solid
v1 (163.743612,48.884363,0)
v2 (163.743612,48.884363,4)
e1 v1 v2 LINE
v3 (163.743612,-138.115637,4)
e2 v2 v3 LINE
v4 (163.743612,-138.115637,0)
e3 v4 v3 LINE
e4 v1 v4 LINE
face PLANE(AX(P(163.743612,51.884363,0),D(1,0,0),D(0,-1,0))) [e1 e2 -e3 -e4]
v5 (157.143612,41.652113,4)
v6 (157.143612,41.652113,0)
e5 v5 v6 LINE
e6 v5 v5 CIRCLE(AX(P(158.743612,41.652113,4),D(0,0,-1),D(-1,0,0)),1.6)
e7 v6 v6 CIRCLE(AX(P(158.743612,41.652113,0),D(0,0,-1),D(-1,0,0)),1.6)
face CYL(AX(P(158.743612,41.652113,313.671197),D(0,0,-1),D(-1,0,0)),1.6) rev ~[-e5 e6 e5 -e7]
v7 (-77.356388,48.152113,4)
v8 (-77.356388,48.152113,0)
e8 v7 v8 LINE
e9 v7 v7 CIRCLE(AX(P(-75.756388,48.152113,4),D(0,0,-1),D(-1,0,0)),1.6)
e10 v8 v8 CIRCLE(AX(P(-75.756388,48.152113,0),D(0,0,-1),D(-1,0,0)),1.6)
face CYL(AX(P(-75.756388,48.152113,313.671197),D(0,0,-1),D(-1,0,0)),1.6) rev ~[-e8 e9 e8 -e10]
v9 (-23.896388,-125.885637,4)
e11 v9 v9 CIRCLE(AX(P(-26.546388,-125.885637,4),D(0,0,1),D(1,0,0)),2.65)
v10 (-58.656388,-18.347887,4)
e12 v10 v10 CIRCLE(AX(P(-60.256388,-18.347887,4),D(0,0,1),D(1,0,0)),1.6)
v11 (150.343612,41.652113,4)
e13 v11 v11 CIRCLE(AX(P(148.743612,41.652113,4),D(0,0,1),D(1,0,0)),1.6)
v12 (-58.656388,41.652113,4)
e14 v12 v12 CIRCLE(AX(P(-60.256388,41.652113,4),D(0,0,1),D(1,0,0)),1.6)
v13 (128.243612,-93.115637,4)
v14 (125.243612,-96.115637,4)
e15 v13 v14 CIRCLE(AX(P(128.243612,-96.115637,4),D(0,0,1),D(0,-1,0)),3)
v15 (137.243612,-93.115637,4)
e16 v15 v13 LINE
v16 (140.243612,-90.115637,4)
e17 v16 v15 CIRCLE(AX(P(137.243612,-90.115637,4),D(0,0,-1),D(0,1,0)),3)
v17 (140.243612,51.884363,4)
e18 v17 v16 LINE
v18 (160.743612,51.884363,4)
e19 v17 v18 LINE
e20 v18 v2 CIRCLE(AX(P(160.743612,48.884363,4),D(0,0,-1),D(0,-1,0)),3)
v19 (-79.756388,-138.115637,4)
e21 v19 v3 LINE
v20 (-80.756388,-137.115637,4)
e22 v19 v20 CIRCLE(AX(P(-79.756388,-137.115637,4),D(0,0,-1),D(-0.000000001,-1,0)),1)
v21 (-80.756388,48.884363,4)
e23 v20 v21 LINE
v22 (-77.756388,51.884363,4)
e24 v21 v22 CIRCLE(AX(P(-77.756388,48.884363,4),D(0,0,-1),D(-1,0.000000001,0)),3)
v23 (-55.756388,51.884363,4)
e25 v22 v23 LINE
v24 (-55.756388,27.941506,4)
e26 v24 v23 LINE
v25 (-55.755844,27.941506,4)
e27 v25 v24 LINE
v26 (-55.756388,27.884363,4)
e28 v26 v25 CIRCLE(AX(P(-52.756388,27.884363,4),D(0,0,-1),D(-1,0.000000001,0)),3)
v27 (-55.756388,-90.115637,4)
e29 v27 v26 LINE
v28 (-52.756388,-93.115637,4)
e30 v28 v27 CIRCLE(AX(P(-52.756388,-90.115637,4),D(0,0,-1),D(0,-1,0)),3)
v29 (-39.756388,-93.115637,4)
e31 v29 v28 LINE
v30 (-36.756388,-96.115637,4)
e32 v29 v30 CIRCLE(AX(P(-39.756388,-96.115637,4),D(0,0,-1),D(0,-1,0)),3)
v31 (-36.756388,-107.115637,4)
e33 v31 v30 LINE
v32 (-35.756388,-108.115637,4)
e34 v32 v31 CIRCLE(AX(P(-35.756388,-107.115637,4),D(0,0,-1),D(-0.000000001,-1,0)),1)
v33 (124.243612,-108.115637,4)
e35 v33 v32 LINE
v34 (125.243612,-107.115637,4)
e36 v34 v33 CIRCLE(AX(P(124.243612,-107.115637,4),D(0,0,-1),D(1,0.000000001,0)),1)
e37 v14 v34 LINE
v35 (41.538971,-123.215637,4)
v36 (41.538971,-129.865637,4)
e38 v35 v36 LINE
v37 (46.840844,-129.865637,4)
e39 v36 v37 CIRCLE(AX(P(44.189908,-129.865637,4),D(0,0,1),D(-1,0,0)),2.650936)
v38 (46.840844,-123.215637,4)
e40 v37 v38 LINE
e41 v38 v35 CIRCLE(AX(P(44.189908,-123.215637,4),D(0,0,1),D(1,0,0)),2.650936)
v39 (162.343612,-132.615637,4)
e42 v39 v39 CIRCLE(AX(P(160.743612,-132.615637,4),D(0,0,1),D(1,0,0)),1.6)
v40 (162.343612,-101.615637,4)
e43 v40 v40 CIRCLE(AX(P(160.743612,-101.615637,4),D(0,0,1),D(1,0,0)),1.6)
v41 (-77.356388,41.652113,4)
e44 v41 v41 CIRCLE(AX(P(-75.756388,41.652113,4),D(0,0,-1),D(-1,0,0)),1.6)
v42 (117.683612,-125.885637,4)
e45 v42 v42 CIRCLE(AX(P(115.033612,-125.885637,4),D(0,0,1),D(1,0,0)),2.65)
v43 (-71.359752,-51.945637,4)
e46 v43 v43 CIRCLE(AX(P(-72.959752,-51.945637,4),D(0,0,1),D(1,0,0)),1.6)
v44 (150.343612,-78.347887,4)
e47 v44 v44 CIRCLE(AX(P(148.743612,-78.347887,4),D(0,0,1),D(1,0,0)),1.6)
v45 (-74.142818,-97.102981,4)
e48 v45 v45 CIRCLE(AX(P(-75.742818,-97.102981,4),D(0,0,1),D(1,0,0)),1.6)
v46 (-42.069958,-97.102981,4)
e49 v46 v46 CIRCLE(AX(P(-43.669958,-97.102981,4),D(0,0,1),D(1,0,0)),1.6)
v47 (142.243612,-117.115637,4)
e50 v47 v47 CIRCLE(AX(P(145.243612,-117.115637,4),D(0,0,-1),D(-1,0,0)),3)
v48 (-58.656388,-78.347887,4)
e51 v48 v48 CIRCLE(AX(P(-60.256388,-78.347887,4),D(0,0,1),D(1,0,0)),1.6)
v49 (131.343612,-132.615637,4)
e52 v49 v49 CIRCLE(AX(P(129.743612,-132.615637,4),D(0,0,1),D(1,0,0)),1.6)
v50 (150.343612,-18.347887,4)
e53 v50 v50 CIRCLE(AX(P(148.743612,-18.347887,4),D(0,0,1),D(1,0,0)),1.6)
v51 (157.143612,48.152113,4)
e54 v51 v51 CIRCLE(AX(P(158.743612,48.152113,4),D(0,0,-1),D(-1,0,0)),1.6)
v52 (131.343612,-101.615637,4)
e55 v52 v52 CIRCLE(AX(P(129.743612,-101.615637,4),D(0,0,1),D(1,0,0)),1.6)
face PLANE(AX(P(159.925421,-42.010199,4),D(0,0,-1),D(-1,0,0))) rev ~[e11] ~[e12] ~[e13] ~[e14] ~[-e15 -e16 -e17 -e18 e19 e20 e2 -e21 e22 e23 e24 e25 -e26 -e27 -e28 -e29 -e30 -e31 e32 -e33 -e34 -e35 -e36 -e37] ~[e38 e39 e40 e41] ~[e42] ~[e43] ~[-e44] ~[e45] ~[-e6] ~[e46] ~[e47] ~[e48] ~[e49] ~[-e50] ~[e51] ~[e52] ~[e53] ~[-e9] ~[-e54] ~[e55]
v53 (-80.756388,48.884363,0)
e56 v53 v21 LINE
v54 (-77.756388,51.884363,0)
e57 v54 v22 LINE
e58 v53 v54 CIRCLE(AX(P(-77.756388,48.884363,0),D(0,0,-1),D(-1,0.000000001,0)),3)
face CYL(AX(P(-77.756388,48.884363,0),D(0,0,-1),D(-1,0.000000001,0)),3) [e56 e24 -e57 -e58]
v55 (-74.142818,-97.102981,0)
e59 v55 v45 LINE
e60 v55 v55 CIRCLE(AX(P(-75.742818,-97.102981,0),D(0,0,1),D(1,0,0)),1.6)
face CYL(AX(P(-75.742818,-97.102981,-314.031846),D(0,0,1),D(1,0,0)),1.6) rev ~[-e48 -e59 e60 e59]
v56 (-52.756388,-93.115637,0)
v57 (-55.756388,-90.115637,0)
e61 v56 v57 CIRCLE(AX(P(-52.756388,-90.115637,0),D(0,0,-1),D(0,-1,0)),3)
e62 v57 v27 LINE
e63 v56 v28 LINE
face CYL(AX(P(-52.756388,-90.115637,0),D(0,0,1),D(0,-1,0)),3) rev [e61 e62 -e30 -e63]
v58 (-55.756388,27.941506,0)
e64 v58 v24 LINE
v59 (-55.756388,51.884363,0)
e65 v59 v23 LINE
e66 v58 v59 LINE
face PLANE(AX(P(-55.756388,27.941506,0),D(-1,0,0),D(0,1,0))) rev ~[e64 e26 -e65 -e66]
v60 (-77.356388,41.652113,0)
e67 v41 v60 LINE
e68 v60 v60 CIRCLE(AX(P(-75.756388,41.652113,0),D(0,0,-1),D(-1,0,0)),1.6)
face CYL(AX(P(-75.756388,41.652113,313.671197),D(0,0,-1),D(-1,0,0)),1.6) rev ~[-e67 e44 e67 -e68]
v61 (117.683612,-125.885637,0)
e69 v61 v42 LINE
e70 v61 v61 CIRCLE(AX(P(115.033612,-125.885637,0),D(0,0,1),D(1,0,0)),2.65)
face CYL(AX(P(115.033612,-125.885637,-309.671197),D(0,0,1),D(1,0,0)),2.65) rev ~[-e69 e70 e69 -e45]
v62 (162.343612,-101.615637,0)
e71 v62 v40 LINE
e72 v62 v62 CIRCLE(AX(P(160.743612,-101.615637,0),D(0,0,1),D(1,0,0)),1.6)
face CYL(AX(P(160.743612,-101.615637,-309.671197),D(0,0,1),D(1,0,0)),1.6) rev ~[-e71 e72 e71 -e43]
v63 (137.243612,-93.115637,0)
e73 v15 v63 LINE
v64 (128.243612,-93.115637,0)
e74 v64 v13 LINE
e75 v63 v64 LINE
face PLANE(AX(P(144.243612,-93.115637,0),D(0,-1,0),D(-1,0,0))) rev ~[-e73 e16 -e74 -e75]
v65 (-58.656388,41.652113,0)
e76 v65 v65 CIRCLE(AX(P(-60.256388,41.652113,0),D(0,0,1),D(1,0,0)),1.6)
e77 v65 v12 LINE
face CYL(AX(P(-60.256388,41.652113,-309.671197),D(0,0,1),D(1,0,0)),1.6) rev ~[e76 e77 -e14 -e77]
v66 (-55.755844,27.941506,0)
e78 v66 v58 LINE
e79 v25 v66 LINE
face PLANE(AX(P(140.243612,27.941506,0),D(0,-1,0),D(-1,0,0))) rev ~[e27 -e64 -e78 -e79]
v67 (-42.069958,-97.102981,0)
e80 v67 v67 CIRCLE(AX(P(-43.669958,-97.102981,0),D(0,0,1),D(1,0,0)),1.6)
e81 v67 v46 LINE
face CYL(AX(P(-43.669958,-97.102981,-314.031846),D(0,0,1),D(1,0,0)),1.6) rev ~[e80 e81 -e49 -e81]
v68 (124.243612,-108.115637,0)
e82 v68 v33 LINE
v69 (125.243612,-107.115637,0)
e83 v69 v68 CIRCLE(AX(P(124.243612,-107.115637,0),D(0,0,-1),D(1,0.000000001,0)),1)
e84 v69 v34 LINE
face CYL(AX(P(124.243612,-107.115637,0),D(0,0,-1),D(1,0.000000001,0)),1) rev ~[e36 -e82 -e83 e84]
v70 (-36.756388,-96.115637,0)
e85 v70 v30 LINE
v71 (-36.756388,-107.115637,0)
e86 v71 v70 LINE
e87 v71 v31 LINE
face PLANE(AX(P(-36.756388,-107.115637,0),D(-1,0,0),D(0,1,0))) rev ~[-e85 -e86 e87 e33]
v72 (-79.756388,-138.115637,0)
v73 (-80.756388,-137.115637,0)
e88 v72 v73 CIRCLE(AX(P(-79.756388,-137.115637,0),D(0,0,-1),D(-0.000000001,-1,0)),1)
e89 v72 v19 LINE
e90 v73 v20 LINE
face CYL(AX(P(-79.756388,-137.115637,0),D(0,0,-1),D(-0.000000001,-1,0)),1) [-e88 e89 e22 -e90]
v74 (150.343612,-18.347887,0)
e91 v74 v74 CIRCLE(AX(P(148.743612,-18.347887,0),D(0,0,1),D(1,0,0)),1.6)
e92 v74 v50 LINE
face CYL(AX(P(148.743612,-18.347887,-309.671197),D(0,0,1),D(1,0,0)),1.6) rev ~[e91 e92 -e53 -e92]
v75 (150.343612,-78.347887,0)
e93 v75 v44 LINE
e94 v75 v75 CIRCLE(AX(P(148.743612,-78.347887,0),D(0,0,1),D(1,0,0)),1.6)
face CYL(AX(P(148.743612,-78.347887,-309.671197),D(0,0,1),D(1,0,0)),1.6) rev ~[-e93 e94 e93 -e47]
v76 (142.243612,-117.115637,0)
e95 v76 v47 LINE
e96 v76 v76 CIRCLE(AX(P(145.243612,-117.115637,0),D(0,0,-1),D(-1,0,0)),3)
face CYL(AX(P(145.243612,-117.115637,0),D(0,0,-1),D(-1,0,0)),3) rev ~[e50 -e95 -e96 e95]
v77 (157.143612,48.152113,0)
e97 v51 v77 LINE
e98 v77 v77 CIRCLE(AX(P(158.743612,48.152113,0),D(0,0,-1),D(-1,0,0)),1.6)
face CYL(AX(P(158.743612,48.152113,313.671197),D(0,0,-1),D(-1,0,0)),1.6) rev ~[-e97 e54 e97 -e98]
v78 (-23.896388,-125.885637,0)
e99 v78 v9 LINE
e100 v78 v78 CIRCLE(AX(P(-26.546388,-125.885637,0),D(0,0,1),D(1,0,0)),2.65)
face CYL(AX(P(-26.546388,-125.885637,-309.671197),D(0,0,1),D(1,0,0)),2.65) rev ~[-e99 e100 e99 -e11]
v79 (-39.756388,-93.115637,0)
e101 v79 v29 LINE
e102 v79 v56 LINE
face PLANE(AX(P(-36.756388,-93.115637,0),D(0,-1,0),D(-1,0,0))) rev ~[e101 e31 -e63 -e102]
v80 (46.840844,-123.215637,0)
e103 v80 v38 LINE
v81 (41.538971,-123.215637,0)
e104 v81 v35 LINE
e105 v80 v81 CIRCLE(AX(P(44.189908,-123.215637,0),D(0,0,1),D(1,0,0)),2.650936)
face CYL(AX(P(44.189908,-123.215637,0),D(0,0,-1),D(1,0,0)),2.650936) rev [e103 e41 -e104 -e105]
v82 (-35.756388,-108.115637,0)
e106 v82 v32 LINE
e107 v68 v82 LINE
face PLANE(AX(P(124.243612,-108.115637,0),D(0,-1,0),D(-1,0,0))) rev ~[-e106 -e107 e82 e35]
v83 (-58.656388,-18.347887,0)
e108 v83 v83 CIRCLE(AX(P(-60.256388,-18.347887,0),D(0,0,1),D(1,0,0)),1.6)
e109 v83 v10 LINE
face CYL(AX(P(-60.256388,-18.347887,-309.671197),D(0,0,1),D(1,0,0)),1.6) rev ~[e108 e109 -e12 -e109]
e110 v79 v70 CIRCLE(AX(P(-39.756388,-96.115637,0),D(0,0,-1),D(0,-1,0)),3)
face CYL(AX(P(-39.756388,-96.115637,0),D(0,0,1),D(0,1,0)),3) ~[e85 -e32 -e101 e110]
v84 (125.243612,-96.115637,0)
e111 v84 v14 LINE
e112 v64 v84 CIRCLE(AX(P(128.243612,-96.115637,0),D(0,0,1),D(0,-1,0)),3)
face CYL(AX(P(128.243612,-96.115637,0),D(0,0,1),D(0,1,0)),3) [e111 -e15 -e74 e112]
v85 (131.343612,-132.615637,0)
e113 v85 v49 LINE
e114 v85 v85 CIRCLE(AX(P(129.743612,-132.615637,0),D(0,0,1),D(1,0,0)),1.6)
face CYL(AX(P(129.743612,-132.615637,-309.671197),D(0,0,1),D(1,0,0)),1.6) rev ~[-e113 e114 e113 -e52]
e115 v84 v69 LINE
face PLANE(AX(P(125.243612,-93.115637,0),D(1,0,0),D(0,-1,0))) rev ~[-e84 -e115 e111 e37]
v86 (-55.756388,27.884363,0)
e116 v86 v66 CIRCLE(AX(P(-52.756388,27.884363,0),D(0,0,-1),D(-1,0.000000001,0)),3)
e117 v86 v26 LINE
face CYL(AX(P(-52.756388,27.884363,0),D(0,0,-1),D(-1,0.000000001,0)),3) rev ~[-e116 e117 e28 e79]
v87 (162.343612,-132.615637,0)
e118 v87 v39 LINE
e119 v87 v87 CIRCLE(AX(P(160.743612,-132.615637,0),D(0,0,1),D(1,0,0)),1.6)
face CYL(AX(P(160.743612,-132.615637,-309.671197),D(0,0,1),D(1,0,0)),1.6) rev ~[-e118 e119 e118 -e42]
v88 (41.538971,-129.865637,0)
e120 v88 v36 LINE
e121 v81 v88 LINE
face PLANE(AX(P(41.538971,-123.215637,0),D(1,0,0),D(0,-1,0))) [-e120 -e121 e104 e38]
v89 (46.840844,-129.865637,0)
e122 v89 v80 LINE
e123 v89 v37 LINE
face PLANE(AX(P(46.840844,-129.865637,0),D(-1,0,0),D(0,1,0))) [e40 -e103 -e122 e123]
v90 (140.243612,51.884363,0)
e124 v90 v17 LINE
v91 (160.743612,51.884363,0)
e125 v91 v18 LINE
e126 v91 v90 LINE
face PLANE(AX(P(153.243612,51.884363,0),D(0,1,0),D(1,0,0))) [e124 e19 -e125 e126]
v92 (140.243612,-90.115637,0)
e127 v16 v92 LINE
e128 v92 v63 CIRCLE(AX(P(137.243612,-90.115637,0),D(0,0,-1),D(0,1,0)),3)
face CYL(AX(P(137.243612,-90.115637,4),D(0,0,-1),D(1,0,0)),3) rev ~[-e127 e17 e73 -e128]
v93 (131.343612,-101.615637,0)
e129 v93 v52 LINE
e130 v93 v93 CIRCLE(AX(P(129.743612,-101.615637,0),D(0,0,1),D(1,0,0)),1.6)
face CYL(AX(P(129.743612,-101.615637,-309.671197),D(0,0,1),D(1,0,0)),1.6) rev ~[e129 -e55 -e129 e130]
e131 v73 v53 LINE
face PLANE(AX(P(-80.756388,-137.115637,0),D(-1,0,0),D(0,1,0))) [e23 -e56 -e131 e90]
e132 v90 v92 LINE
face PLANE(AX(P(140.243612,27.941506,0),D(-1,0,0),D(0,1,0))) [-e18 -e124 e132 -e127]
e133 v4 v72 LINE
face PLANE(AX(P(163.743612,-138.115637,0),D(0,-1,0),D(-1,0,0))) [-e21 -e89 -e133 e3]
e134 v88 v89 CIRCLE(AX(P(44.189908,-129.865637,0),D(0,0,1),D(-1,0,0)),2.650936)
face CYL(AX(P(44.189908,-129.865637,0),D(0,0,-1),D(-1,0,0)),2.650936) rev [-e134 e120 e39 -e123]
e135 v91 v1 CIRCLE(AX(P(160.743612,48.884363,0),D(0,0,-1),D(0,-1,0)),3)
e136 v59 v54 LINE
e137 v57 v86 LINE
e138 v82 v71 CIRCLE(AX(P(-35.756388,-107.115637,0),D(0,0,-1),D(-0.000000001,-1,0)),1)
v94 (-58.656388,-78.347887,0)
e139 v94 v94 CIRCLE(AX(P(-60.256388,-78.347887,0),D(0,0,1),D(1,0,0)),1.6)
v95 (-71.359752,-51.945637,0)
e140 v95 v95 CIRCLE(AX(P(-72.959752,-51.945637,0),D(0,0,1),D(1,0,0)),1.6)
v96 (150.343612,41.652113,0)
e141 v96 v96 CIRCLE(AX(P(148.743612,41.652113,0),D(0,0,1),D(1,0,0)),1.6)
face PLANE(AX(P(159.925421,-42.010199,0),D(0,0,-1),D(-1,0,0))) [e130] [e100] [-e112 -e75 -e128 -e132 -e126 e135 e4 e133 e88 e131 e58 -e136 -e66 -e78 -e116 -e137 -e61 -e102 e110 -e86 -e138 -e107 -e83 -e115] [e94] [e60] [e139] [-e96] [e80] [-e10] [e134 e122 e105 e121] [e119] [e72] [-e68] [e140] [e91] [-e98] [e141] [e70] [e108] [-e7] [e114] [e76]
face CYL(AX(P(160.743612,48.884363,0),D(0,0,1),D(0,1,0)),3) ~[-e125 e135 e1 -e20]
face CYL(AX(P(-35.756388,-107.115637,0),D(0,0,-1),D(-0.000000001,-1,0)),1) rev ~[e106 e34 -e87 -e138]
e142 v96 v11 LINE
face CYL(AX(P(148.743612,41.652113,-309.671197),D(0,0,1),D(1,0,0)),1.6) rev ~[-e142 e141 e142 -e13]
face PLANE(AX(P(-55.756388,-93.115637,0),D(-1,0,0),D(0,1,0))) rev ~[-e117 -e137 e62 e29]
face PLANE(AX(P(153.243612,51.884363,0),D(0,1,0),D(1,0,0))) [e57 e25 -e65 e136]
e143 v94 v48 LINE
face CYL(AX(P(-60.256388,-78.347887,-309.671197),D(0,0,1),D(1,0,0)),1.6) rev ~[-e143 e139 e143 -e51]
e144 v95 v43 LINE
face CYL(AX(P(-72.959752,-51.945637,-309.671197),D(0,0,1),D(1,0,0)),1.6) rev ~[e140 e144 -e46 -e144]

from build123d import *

# Parameters (mm, degrees)
RESSALTO_EXTRUS_O1_DEPTH = 4
FILETE1_R                = 3
M3_CLEARANCE_HOLE1_D     = 3.2
FURO_COM_FOLGA_DE_M32_D  = 2.87
M3_CLEARANCE_HOLE2_D     = 3.2
SKETCH3_W                = 27.430623534
SKETCH3_H                = 190
CUT_EXTRUDE1_DEPTH       = 10
BOSS_EXTRUDE1_DEPTH      = 4
FILLET3_R                = 3
BOSS_EXTRUDE3_DEPTH      = 4
M3_CLEARANCE_HOLE4_D     = 3.2
FILLET5_R                = 3
M5_CLEARANCE_HOLE1_D     = 5.3
SKETCH15_R               = 3
CUT_EXTRUDE6_DEPTH       = 5
SKETCH17_W               = 196
SKETCH17_H               = 23.942856981
CUT_EXTRUDE8_DEPTH       = 5
M3_CLEARANCE_HOLE6_D     = 3.2
M3_CLEARANCE_HOLE5_D     = 3.2
CUT_EXTRUDE9_DEPTH       = 4


with BuildPart() as part:
    # Esboço1 → Ressalto-extrusão1 (new body)
    with BuildSketch(Plane.XY):
        with BuildLine():
            Line((168.243612151, -138.115636704), (-79.756387849, -138.115636704))
            ThreePointArc((-79.756387849, -138.115636704), (-80.46349463, -137.822743485), (-80.756387849, -137.115636704))
            Line((-80.756387849, -137.115636704), (-80.756387849, 48.884363296))
            ThreePointArc((-80.756387849, 48.884363296), (-79.877708192, 51.005683639), (-77.756387849, 51.884363296))
            Line((-77.756387849, 51.884363296), (166.243612151, 51.884363296))
            ThreePointArc((166.243612151, 51.884363296), (168.364932495, 51.005683639), (169.243612151, 48.884363296))
            Line((169.243612151, 48.884363296), (169.243612151, -137.115636704))
            ThreePointArc((169.243612151, -137.115636704), (168.950718933, -137.822743485), (168.243612151, -138.115636704))
        make_face()
        with BuildLine():
            Line((-36.756387849, -93.115636704), (-55.756387849, -93.115636704))
            Line((-55.756387849, -93.115636704), (-55.756387849, -79.115636704))
            Line((-55.756387849, -79.115636704), (-55.756387849, 27.884363296))
            ThreePointArc((-55.756387849, 27.884363296), (-54.877708192, 30.005683639), (-52.756387849, 30.884363296))
            Line((-52.756387849, 30.884363296), (141.243612151, 30.884363296))
            ThreePointArc((141.243612151, 30.884363296), (143.364932495, 30.005683639), (144.243612151, 27.884363296))
            Line((144.243612151, 27.884363296), (144.243612151, -79.115636704))
            Line((144.243612151, -79.115636704), (144.243612151, -93.115636704))
            Line((144.243612151, -93.115636704), (125.243612151, -93.115636704))
            Line((125.243612151, -93.115636704), (125.243612151, -107.115636704))
            ThreePointArc((125.243612151, -107.115636704), (124.950718933, -107.822743485), (124.243612151, -108.115636704))
            Line((124.243612151, -108.115636704), (-35.756387849, -108.115636704))
            ThreePointArc((-35.756387849, -108.115636704), (-36.46349463, -107.822743485), (-36.756387849, -107.115636704))
            Line((-36.756387849, -107.115636704), (-36.756387849, -93.115636704))
        make_face(mode=Mode.SUBTRACT)
    extrude(amount=RESSALTO_EXTRUS_O1_DEPTH)

    # Filete1
    filete1_edges = [part.edges().sort_by_distance(p)[0] for p in [
        (-55.756387849, -93.115636704, 2),
        (-36.756387849, -93.115636704, 2),
        (125.243612151, -93.115636704, 2),
        (144.243612151, -93.115636704, 2),
    ]]
    fillet(filete1_edges, radius=FILETE1_R)

    # M3 Clearance Hole1 (through all)
    with Locations(Plane(origin=(0, 0, 0), x_dir=(-1, 0, 0), z_dir=(0, 0, -1))):
        with Locations((-164.230041881, -97.102981335), (43.669958119, -97.102981335), (75.742817578, -97.102981335)):
            Hole(M3_CLEARANCE_HOLE1_D / 2)

    # Furo com folga de M32 (through all)
    with Locations(Plane.XY.offset(4)):
        with Locations((44.243612151, 46.98714614)):
            Hole(FURO_COM_FOLGA_DE_M32_D / 2)

    # M3 Clearance Hole2 (through all)
    with Locations(Plane.XY.offset(4)):
        with Locations((161.560317261, 35.480164232), (161.560317261, 4.480164232)):
            Hole(M3_CLEARANCE_HOLE2_D / 2)

    # Sketch3 → Cut-Extrude1 (cut)
    with BuildSketch(Plane.XY.offset(4)):
        with Locations((169.958923918, -43.115636704)):
            Rectangle(SKETCH3_W, SKETCH3_H)
    extrude(amount=-CUT_EXTRUDE1_DEPTH, mode=Mode.SUBTRACT)

    # Sketch5 → Boss-Extrude1 (add)
    with BuildSketch(Plane(origin=(0, 0, 0), x_dir=(-1, 0, 0), z_dir=(0, 0, -1))):
        with BuildLine():
            Line((-145.240285588, -97.500155699), (-140.243612151, -97.500155699))
            Line((-140.243612151, -97.500155699), (-140.243612151, 27.941506315))
            ThreePointArc((-140.243612151, 27.941506315), (-139.345176524, 30.025791447), (-137.244156422, 30.884363296))
            Line((-137.244156422, 30.884363296), (-145.240285588, 30.884363296))
            Line((-145.240285588, 30.884363296), (-145.240285588, -97.500155699))
        make_face()
    extrude(amount=-BOSS_EXTRUDE1_DEPTH)

    # Fillet3
    fillet3_edges = [part.edges().sort_by_distance(p)[0] for p in [
        (156.243612151, 51.884363296, 2),
    ]]
    fillet(fillet3_edges, radius=FILLET3_R)

    # Sketch10 → Boss-Extrude3 (add)
    with BuildSketch(Plane(origin=(0, 0, 0), x_dir=(-1, 0, 0), z_dir=(0, 0, -1))):
        with BuildLine():
            Line((-156.243612151, -138.115636704), (-156.243612151, 48.884363296))
            ThreePointArc((-156.243612151, 48.884363296), (-155.364932495, 51.005683639), (-153.243612151, 51.884363296))
            Line((-153.243612151, 51.884363296), (-163.743612151, 51.884363296))
            Line((-163.743612151, 51.884363296), (-163.743612151, -138.115636704))
            Line((-163.743612151, -138.115636704), (-156.243612151, -138.115636704))
        make_face()
    extrude(amount=-BOSS_EXTRUDE3_DEPTH)

    # M3 Clearance Hole4 (through all)
    with Locations(Plane(origin=(0, 0, 0), x_dir=(-1, 0, 0), z_dir=(0, 0, -1))):
        with Locations((-160.743612151, -101.615636704), (-160.743612151, -132.615636704), (-129.743612151, -132.615636704), (-129.743612151, -101.615636704)):
            Hole(M3_CLEARANCE_HOLE4_D / 2)

    # Fillet5
    fillet5_edges = [part.edges().sort_by_distance(p)[0] for p in [
        (140.243612151, -93.115636704, 2),
        (163.743612151, 51.884363296, 2),
    ]]
    fillet(fillet5_edges, radius=FILLET5_R)

    # M5 Clearance Hole1 (through all)
    with Locations(Plane(origin=(0, 0, 0), x_dir=(-1, 0, 0), z_dir=(0, 0, -1))):
        with Locations((-115.03361215, -125.8856367), (26.54638785, -125.8856367), (-44.189907873, -129.865636704)):
            Hole(M5_CLEARANCE_HOLE1_D / 2)

    # Sketch15 → Cut-Extrude6 (cut, through all)
    with BuildSketch(Plane(origin=(0, 0, 0), x_dir=(-1, 0, 0), z_dir=(0, 0, -1))):
        with Locations((-145.243612151, -117.115636704)):
            Circle(SKETCH15_R)
    extrude(amount=-CUT_EXTRUDE6_DEPTH, mode=Mode.SUBTRACT)

    # Sketch17 → Cut-Extrude8 (cut)
    with BuildSketch(Plane(origin=(0, 0, 0), x_dir=(-1, 0, 0), z_dir=(0, 0, -1))):
        with Locations((-42.243612151, 39.912934806)):
            Rectangle(SKETCH17_W, SKETCH17_H)
    extrude(amount=-CUT_EXTRUDE8_DEPTH, mode=Mode.SUBTRACT)

    # M3 Clearance Hole6 (through all)
    with Locations(Plane(origin=(0, 0, 0), x_dir=(-1, 0, 0), z_dir=(0, 0, -1))):
        with Locations((-148.743612151, -78.347886704), (-148.743612151, -18.347886704), (-148.743612151, 41.652113296), (60.256387849, 41.652113296), (60.256387849, -18.347886704), (60.256387849, -78.347886704), (72.959751747, -51.945636704)):
            Hole(M3_CLEARANCE_HOLE6_D / 2)

    # M3 Clearance Hole5 (through all)
    with Locations(Plane.XY.offset(4)):
        with Locations((-75.756387849, 41.652113296), (-75.756387849, 48.152113296), (158.743612151, 48.152113296), (158.743612151, 41.652113296)):
            Hole(M3_CLEARANCE_HOLE5_D / 2)

    # Sketch22 → Cut-Extrude9 (cut)
    with BuildSketch(Plane(origin=(0, 0, 0), x_dir=(-1, 0, 0), z_dir=(0, 0, -1))):
        with BuildLine():
            Line((-46.840844325, -129.865636704), (-46.840844325, -123.2156367))
            ThreePointArc((-46.840844325, -123.2156367), (-44.189907873, -120.564700249), (-41.538971422, -123.2156367))
            Line((-41.538971422, -123.2156367), (-41.538971422, -129.865636704))
            ThreePointArc((-41.538971422, -129.865636704), (-44.189907873, -132.516573155), (-46.840844325, -129.865636704))
        make_face()
    extrude(amount=-CUT_EXTRUDE9_DEPTH, mode=Mode.SUBTRACT)


solid = part.part
